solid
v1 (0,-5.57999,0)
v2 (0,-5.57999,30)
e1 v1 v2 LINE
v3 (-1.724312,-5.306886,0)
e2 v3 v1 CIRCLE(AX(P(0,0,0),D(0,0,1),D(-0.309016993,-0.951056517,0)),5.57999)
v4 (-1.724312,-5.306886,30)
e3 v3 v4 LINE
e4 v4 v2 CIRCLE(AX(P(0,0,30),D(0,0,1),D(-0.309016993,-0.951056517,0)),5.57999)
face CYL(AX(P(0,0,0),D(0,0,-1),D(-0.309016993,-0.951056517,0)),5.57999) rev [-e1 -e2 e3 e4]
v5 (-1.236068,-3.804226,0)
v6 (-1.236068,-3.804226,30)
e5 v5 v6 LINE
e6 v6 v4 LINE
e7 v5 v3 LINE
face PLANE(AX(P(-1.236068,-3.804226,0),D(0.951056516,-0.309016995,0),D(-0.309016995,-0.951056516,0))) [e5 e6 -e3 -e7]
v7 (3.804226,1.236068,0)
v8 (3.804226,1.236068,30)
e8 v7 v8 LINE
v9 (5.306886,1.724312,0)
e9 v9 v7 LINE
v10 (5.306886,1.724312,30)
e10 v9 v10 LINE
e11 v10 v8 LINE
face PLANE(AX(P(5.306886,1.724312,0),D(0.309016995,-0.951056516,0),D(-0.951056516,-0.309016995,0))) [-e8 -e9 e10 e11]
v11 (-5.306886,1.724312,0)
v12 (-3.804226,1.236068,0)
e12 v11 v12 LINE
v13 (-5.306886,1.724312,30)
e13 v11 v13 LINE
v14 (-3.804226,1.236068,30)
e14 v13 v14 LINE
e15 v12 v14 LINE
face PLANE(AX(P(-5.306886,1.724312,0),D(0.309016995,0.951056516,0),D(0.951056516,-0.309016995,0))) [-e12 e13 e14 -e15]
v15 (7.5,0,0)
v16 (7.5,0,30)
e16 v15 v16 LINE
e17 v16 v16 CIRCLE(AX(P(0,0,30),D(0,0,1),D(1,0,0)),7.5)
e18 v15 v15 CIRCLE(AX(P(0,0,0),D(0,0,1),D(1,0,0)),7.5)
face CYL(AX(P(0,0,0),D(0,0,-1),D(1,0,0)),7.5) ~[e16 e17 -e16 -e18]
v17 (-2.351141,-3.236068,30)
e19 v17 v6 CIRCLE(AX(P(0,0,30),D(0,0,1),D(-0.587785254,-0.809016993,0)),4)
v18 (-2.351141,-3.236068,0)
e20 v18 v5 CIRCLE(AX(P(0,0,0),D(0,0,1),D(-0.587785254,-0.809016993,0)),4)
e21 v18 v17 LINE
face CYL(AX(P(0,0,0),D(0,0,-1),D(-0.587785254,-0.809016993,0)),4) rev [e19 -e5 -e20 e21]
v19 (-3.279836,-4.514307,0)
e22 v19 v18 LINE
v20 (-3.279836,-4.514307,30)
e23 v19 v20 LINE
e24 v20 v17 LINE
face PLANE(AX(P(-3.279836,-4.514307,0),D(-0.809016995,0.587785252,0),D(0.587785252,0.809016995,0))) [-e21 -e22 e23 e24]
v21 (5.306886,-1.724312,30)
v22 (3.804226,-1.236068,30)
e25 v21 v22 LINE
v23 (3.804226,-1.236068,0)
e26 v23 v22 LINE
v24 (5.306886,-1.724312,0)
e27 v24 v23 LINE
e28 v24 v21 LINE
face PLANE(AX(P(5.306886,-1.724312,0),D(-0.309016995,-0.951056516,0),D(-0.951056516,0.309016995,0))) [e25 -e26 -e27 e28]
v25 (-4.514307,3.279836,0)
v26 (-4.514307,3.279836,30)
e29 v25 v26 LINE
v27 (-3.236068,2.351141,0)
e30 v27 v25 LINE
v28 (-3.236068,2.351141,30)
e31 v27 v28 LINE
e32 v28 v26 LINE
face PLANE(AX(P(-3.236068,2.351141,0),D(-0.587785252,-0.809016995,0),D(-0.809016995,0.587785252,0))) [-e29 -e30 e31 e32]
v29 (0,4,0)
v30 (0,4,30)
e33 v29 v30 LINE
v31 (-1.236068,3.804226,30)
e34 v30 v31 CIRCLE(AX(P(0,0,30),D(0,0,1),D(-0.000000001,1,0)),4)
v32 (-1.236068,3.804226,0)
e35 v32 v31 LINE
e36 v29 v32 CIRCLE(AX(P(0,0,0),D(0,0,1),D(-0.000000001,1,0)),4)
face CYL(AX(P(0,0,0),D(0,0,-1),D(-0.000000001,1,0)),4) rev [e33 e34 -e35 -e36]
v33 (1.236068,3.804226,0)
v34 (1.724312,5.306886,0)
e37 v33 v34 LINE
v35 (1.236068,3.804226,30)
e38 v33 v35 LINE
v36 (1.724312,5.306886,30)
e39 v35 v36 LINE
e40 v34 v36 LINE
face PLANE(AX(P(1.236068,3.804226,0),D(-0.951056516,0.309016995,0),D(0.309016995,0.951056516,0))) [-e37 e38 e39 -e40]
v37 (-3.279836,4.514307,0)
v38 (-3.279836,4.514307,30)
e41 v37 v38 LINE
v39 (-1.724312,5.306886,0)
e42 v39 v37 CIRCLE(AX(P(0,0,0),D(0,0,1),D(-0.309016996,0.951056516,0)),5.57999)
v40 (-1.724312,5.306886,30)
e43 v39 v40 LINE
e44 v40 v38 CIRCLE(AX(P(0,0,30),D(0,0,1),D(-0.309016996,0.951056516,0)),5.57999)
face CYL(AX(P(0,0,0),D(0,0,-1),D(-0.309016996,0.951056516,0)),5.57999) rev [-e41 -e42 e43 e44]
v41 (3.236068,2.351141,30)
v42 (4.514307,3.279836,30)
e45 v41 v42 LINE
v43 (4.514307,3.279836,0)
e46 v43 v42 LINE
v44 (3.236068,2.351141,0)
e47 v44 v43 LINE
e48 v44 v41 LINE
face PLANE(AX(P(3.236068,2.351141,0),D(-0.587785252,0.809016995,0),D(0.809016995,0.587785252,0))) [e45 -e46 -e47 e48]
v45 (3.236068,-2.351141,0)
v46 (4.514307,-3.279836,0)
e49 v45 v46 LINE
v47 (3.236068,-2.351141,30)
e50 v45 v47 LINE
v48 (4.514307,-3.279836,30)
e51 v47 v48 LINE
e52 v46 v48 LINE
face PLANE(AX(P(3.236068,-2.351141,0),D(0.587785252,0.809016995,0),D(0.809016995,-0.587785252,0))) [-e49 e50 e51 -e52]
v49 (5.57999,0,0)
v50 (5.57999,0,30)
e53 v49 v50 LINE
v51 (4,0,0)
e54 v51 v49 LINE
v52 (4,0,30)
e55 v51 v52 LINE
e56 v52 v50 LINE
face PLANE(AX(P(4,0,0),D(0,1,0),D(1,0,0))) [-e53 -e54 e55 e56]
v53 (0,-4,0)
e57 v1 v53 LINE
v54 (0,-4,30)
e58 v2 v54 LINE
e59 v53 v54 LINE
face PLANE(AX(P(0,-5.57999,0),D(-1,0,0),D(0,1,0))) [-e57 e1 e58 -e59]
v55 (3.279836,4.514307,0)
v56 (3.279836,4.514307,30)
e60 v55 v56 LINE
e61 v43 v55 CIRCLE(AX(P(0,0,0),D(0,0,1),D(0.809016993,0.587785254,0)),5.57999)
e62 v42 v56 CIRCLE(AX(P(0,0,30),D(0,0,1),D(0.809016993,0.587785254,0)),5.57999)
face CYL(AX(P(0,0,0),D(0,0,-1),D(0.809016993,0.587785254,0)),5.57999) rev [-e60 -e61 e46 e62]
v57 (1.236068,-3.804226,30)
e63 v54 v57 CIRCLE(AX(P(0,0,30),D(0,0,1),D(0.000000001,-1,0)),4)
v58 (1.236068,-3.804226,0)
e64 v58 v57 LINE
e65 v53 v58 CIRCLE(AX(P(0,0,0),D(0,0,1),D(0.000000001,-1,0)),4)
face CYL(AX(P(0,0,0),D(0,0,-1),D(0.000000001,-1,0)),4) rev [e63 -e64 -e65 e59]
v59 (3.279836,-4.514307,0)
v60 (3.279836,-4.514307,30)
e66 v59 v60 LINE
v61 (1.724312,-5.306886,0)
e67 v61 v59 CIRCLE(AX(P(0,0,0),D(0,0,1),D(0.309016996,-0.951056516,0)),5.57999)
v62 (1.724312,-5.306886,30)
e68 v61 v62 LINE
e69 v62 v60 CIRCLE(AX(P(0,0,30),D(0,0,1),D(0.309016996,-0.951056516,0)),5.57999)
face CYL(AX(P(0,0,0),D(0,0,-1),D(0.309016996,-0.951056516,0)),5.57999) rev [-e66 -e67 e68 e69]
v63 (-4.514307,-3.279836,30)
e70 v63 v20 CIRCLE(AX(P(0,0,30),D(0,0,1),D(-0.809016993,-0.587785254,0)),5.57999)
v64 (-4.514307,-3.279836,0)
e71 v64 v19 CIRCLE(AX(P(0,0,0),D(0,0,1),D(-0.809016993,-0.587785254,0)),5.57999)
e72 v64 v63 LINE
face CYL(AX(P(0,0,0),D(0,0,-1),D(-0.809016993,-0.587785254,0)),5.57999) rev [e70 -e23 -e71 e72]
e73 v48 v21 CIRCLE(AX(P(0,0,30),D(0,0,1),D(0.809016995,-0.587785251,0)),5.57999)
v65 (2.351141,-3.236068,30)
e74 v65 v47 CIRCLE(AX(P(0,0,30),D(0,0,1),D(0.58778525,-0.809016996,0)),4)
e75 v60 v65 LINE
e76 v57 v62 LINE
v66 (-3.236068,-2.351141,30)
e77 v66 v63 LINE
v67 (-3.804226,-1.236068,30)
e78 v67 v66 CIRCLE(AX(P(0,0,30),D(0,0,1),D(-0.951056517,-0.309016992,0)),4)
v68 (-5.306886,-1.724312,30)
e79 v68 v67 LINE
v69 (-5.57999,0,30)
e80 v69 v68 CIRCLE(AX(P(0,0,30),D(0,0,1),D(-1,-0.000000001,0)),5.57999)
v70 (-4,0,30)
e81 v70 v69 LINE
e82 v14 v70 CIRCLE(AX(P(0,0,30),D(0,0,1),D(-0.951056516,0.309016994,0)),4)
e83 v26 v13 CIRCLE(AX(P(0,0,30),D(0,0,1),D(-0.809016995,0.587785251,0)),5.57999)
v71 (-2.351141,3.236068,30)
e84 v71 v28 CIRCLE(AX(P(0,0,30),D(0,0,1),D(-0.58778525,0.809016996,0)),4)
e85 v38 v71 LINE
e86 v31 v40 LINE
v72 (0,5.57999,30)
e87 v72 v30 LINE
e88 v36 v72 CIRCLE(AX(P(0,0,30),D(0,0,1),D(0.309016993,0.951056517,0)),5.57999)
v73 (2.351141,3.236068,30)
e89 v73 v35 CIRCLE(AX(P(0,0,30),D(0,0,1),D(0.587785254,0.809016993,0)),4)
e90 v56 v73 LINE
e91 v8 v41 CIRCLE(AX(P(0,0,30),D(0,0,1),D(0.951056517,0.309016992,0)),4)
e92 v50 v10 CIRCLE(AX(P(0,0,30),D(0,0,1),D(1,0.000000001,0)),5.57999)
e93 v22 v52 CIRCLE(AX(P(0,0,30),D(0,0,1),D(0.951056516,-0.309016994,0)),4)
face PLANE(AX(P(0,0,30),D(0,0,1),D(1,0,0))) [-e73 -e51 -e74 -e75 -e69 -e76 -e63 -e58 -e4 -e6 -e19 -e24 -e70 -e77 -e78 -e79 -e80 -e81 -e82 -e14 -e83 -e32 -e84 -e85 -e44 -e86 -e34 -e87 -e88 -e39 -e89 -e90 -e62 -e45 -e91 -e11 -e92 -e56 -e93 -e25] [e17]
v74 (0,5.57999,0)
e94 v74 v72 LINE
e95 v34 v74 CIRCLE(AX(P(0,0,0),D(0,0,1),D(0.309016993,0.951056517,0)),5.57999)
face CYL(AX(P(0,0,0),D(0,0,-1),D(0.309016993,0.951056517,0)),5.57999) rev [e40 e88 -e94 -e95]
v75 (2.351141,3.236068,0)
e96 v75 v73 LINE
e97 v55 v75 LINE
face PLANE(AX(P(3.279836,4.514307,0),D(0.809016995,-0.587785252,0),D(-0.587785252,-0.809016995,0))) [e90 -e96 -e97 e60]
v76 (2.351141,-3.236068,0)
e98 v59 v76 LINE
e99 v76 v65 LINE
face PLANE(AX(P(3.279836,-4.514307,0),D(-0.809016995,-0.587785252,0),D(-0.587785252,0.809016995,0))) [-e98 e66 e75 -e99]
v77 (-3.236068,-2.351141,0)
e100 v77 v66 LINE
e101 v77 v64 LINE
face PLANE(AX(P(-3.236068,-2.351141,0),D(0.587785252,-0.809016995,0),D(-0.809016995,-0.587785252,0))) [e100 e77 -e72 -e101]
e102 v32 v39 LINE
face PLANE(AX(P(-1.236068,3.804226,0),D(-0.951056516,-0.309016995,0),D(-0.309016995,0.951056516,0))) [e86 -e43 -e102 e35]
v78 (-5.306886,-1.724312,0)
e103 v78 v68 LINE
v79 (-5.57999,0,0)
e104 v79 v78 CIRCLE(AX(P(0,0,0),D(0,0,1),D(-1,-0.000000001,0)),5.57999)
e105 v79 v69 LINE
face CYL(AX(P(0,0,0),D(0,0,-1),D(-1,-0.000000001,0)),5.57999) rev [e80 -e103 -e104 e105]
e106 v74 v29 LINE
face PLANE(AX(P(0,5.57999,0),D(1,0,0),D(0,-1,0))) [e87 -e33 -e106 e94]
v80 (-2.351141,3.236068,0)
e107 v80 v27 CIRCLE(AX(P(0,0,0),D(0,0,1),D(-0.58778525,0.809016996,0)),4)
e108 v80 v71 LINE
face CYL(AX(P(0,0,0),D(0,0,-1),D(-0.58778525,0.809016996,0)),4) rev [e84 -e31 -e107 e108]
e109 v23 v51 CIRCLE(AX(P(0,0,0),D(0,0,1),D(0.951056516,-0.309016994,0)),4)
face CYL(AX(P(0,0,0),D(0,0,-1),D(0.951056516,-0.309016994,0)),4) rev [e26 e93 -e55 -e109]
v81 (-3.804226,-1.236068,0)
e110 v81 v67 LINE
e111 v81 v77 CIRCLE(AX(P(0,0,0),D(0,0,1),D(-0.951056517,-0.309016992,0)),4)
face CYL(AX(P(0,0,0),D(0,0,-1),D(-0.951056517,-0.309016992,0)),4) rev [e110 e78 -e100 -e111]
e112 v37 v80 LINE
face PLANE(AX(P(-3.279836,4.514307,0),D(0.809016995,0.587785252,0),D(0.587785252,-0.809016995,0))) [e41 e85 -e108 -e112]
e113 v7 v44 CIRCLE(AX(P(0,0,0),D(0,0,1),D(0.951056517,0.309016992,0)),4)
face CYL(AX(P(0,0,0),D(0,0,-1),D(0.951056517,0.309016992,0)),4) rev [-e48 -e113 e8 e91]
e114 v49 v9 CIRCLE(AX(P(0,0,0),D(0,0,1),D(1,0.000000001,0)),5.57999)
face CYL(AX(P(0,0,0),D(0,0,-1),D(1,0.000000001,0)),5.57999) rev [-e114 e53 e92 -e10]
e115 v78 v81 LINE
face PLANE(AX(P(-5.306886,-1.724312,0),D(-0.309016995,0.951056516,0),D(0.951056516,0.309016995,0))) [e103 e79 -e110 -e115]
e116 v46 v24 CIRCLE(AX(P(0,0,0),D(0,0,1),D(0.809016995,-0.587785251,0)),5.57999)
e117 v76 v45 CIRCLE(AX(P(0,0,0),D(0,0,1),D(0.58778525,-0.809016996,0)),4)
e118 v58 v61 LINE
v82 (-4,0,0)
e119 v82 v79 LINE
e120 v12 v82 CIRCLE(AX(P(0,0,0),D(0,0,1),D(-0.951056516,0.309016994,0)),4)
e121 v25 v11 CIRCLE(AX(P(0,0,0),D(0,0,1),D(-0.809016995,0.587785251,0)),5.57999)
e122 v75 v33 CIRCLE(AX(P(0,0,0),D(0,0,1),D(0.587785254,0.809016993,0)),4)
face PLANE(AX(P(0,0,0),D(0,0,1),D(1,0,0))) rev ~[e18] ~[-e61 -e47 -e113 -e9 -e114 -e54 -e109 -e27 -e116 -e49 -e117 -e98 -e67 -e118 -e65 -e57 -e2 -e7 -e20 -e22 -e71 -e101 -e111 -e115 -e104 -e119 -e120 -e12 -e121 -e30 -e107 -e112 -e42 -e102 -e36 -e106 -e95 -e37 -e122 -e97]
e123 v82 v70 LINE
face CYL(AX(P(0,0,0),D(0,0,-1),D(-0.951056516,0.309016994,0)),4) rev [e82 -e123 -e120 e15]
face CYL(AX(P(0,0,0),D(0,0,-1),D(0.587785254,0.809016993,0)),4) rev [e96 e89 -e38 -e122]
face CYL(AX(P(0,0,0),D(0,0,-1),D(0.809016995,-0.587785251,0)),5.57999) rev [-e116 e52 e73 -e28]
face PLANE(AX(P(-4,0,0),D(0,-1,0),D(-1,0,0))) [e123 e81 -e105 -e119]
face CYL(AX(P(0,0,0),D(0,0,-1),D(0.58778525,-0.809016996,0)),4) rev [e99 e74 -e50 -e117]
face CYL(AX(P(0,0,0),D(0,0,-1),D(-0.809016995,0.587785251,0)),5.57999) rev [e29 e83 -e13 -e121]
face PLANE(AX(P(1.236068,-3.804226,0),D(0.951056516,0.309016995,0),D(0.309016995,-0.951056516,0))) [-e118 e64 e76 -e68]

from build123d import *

# Parameters (mm, degrees)
SKETCH_1_R      = 7.5
EXTRUDE_1_DEPTH = 30


with BuildPart() as part:
    # Эскиз1 → Бобышка-Вытянуть1 (new body)
    with BuildSketch(Plane.XY):
        Circle(SKETCH_1_R)
        with BuildLine():
            Line((0, 5.579989869), (0, 4))
            ThreePointArc((0, 4), (-0.62573786, 3.950753362), (-1.236067977, 3.804226065))
            Line((-1.236067977, 3.804226065), (-1.724311698, 5.306885726))
            ThreePointArc((-1.724311698, 5.306885726), (-2.533262389, 4.971807378), (-3.279835753, 4.514306633))
            Line((-3.279835753, 4.514306633), (-2.351141009, 3.236067977))
            ThreePointArc((-2.351141009, 3.236067977), (-2.828427125, 2.828427125), (-3.236067977, 2.351141009))
            Line((-3.236067977, 2.351141009), (-4.514306633, 3.279835753))
            ThreePointArc((-4.514306633, 3.279835753), (-4.971807378, 2.533262389), (-5.306885726, 1.724311698))
            Line((-5.306885726, 1.724311698), (-3.804226065, 1.236067977))
            ThreePointArc((-3.804226065, 1.236067977), (-3.950753362, 0.62573786), (-4, 0))
            Line((-4, 0), (-5.579989869, 0))
            ThreePointArc((-5.579989869, 0), (-5.511290934, -0.87290273), (-5.306885726, -1.724311698))
            Line((-5.306885726, -1.724311698), (-3.804226065, -1.236067977))
            ThreePointArc((-3.804226065, -1.236067977), (-3.564026097, -1.815961999), (-3.236067977, -2.351141009))
            Line((-3.236067977, -2.351141009), (-4.514306633, -3.279835753))
            ThreePointArc((-4.514306633, -3.279835753), (-3.945648675, -3.945648675), (-3.279835753, -4.514306633))
            Line((-3.279835753, -4.514306633), (-2.351141009, -3.236067977))
            ThreePointArc((-2.351141009, -3.236067977), (-1.815961999, -3.564026097), (-1.236067977, -3.804226065))
            Line((-1.236067977, -3.804226065), (-1.724311698, -5.306885726))
            ThreePointArc((-1.724311698, -5.306885726), (-0.87290273, -5.511290934), (0, -5.579989869))
            Line((0, -5.579989869), (0, -4))
            ThreePointArc((0, -4), (0.62573786, -3.950753362), (1.236067977, -3.804226065))
            Line((1.236067977, -3.804226065), (1.724311698, -5.306885726))
            ThreePointArc((1.724311698, -5.306885726), (2.533262389, -4.971807378), (3.279835753, -4.514306633))
            Line((3.279835753, -4.514306633), (2.351141009, -3.236067977))
            ThreePointArc((2.351141009, -3.236067977), (2.828427125, -2.828427125), (3.236067977, -2.351141009))
            Line((3.236067977, -2.351141009), (4.514306633, -3.279835753))
            ThreePointArc((4.514306633, -3.279835753), (4.971807378, -2.533262389), (5.306885726, -1.724311698))
            Line((5.306885726, -1.724311698), (3.804226065, -1.236067977))
            ThreePointArc((3.804226065, -1.236067977), (3.950753362, -0.62573786), (4, 0))
            Line((4, 0), (5.579989869, 0))
            ThreePointArc((5.579989869, 0), (5.511290934, 0.87290273), (5.306885726, 1.724311698))
            Line((5.306885726, 1.724311698), (3.804226065, 1.236067977))
            ThreePointArc((3.804226065, 1.236067977), (3.564026097, 1.815961999), (3.236067977, 2.351141009))
            Line((3.236067977, 2.351141009), (4.514306633, 3.279835753))
            ThreePointArc((4.514306633, 3.279835753), (3.945648675, 3.945648675), (3.279835753, 4.514306633))
            Line((3.279835753, 4.514306633), (2.351141009, 3.236067977))
            ThreePointArc((2.351141009, 3.236067977), (1.815961999, 3.564026097), (1.236067977, 3.804226065))
            Line((1.236067977, 3.804226065), (1.724311698, 5.306885726))
            ThreePointArc((1.724311698, 5.306885726), (0.87290273, 5.511290934), (0, 5.579989869))
        make_face(mode=Mode.SUBTRACT)
    extrude(amount=EXTRUDE_1_DEPTH)


solid = part.part
